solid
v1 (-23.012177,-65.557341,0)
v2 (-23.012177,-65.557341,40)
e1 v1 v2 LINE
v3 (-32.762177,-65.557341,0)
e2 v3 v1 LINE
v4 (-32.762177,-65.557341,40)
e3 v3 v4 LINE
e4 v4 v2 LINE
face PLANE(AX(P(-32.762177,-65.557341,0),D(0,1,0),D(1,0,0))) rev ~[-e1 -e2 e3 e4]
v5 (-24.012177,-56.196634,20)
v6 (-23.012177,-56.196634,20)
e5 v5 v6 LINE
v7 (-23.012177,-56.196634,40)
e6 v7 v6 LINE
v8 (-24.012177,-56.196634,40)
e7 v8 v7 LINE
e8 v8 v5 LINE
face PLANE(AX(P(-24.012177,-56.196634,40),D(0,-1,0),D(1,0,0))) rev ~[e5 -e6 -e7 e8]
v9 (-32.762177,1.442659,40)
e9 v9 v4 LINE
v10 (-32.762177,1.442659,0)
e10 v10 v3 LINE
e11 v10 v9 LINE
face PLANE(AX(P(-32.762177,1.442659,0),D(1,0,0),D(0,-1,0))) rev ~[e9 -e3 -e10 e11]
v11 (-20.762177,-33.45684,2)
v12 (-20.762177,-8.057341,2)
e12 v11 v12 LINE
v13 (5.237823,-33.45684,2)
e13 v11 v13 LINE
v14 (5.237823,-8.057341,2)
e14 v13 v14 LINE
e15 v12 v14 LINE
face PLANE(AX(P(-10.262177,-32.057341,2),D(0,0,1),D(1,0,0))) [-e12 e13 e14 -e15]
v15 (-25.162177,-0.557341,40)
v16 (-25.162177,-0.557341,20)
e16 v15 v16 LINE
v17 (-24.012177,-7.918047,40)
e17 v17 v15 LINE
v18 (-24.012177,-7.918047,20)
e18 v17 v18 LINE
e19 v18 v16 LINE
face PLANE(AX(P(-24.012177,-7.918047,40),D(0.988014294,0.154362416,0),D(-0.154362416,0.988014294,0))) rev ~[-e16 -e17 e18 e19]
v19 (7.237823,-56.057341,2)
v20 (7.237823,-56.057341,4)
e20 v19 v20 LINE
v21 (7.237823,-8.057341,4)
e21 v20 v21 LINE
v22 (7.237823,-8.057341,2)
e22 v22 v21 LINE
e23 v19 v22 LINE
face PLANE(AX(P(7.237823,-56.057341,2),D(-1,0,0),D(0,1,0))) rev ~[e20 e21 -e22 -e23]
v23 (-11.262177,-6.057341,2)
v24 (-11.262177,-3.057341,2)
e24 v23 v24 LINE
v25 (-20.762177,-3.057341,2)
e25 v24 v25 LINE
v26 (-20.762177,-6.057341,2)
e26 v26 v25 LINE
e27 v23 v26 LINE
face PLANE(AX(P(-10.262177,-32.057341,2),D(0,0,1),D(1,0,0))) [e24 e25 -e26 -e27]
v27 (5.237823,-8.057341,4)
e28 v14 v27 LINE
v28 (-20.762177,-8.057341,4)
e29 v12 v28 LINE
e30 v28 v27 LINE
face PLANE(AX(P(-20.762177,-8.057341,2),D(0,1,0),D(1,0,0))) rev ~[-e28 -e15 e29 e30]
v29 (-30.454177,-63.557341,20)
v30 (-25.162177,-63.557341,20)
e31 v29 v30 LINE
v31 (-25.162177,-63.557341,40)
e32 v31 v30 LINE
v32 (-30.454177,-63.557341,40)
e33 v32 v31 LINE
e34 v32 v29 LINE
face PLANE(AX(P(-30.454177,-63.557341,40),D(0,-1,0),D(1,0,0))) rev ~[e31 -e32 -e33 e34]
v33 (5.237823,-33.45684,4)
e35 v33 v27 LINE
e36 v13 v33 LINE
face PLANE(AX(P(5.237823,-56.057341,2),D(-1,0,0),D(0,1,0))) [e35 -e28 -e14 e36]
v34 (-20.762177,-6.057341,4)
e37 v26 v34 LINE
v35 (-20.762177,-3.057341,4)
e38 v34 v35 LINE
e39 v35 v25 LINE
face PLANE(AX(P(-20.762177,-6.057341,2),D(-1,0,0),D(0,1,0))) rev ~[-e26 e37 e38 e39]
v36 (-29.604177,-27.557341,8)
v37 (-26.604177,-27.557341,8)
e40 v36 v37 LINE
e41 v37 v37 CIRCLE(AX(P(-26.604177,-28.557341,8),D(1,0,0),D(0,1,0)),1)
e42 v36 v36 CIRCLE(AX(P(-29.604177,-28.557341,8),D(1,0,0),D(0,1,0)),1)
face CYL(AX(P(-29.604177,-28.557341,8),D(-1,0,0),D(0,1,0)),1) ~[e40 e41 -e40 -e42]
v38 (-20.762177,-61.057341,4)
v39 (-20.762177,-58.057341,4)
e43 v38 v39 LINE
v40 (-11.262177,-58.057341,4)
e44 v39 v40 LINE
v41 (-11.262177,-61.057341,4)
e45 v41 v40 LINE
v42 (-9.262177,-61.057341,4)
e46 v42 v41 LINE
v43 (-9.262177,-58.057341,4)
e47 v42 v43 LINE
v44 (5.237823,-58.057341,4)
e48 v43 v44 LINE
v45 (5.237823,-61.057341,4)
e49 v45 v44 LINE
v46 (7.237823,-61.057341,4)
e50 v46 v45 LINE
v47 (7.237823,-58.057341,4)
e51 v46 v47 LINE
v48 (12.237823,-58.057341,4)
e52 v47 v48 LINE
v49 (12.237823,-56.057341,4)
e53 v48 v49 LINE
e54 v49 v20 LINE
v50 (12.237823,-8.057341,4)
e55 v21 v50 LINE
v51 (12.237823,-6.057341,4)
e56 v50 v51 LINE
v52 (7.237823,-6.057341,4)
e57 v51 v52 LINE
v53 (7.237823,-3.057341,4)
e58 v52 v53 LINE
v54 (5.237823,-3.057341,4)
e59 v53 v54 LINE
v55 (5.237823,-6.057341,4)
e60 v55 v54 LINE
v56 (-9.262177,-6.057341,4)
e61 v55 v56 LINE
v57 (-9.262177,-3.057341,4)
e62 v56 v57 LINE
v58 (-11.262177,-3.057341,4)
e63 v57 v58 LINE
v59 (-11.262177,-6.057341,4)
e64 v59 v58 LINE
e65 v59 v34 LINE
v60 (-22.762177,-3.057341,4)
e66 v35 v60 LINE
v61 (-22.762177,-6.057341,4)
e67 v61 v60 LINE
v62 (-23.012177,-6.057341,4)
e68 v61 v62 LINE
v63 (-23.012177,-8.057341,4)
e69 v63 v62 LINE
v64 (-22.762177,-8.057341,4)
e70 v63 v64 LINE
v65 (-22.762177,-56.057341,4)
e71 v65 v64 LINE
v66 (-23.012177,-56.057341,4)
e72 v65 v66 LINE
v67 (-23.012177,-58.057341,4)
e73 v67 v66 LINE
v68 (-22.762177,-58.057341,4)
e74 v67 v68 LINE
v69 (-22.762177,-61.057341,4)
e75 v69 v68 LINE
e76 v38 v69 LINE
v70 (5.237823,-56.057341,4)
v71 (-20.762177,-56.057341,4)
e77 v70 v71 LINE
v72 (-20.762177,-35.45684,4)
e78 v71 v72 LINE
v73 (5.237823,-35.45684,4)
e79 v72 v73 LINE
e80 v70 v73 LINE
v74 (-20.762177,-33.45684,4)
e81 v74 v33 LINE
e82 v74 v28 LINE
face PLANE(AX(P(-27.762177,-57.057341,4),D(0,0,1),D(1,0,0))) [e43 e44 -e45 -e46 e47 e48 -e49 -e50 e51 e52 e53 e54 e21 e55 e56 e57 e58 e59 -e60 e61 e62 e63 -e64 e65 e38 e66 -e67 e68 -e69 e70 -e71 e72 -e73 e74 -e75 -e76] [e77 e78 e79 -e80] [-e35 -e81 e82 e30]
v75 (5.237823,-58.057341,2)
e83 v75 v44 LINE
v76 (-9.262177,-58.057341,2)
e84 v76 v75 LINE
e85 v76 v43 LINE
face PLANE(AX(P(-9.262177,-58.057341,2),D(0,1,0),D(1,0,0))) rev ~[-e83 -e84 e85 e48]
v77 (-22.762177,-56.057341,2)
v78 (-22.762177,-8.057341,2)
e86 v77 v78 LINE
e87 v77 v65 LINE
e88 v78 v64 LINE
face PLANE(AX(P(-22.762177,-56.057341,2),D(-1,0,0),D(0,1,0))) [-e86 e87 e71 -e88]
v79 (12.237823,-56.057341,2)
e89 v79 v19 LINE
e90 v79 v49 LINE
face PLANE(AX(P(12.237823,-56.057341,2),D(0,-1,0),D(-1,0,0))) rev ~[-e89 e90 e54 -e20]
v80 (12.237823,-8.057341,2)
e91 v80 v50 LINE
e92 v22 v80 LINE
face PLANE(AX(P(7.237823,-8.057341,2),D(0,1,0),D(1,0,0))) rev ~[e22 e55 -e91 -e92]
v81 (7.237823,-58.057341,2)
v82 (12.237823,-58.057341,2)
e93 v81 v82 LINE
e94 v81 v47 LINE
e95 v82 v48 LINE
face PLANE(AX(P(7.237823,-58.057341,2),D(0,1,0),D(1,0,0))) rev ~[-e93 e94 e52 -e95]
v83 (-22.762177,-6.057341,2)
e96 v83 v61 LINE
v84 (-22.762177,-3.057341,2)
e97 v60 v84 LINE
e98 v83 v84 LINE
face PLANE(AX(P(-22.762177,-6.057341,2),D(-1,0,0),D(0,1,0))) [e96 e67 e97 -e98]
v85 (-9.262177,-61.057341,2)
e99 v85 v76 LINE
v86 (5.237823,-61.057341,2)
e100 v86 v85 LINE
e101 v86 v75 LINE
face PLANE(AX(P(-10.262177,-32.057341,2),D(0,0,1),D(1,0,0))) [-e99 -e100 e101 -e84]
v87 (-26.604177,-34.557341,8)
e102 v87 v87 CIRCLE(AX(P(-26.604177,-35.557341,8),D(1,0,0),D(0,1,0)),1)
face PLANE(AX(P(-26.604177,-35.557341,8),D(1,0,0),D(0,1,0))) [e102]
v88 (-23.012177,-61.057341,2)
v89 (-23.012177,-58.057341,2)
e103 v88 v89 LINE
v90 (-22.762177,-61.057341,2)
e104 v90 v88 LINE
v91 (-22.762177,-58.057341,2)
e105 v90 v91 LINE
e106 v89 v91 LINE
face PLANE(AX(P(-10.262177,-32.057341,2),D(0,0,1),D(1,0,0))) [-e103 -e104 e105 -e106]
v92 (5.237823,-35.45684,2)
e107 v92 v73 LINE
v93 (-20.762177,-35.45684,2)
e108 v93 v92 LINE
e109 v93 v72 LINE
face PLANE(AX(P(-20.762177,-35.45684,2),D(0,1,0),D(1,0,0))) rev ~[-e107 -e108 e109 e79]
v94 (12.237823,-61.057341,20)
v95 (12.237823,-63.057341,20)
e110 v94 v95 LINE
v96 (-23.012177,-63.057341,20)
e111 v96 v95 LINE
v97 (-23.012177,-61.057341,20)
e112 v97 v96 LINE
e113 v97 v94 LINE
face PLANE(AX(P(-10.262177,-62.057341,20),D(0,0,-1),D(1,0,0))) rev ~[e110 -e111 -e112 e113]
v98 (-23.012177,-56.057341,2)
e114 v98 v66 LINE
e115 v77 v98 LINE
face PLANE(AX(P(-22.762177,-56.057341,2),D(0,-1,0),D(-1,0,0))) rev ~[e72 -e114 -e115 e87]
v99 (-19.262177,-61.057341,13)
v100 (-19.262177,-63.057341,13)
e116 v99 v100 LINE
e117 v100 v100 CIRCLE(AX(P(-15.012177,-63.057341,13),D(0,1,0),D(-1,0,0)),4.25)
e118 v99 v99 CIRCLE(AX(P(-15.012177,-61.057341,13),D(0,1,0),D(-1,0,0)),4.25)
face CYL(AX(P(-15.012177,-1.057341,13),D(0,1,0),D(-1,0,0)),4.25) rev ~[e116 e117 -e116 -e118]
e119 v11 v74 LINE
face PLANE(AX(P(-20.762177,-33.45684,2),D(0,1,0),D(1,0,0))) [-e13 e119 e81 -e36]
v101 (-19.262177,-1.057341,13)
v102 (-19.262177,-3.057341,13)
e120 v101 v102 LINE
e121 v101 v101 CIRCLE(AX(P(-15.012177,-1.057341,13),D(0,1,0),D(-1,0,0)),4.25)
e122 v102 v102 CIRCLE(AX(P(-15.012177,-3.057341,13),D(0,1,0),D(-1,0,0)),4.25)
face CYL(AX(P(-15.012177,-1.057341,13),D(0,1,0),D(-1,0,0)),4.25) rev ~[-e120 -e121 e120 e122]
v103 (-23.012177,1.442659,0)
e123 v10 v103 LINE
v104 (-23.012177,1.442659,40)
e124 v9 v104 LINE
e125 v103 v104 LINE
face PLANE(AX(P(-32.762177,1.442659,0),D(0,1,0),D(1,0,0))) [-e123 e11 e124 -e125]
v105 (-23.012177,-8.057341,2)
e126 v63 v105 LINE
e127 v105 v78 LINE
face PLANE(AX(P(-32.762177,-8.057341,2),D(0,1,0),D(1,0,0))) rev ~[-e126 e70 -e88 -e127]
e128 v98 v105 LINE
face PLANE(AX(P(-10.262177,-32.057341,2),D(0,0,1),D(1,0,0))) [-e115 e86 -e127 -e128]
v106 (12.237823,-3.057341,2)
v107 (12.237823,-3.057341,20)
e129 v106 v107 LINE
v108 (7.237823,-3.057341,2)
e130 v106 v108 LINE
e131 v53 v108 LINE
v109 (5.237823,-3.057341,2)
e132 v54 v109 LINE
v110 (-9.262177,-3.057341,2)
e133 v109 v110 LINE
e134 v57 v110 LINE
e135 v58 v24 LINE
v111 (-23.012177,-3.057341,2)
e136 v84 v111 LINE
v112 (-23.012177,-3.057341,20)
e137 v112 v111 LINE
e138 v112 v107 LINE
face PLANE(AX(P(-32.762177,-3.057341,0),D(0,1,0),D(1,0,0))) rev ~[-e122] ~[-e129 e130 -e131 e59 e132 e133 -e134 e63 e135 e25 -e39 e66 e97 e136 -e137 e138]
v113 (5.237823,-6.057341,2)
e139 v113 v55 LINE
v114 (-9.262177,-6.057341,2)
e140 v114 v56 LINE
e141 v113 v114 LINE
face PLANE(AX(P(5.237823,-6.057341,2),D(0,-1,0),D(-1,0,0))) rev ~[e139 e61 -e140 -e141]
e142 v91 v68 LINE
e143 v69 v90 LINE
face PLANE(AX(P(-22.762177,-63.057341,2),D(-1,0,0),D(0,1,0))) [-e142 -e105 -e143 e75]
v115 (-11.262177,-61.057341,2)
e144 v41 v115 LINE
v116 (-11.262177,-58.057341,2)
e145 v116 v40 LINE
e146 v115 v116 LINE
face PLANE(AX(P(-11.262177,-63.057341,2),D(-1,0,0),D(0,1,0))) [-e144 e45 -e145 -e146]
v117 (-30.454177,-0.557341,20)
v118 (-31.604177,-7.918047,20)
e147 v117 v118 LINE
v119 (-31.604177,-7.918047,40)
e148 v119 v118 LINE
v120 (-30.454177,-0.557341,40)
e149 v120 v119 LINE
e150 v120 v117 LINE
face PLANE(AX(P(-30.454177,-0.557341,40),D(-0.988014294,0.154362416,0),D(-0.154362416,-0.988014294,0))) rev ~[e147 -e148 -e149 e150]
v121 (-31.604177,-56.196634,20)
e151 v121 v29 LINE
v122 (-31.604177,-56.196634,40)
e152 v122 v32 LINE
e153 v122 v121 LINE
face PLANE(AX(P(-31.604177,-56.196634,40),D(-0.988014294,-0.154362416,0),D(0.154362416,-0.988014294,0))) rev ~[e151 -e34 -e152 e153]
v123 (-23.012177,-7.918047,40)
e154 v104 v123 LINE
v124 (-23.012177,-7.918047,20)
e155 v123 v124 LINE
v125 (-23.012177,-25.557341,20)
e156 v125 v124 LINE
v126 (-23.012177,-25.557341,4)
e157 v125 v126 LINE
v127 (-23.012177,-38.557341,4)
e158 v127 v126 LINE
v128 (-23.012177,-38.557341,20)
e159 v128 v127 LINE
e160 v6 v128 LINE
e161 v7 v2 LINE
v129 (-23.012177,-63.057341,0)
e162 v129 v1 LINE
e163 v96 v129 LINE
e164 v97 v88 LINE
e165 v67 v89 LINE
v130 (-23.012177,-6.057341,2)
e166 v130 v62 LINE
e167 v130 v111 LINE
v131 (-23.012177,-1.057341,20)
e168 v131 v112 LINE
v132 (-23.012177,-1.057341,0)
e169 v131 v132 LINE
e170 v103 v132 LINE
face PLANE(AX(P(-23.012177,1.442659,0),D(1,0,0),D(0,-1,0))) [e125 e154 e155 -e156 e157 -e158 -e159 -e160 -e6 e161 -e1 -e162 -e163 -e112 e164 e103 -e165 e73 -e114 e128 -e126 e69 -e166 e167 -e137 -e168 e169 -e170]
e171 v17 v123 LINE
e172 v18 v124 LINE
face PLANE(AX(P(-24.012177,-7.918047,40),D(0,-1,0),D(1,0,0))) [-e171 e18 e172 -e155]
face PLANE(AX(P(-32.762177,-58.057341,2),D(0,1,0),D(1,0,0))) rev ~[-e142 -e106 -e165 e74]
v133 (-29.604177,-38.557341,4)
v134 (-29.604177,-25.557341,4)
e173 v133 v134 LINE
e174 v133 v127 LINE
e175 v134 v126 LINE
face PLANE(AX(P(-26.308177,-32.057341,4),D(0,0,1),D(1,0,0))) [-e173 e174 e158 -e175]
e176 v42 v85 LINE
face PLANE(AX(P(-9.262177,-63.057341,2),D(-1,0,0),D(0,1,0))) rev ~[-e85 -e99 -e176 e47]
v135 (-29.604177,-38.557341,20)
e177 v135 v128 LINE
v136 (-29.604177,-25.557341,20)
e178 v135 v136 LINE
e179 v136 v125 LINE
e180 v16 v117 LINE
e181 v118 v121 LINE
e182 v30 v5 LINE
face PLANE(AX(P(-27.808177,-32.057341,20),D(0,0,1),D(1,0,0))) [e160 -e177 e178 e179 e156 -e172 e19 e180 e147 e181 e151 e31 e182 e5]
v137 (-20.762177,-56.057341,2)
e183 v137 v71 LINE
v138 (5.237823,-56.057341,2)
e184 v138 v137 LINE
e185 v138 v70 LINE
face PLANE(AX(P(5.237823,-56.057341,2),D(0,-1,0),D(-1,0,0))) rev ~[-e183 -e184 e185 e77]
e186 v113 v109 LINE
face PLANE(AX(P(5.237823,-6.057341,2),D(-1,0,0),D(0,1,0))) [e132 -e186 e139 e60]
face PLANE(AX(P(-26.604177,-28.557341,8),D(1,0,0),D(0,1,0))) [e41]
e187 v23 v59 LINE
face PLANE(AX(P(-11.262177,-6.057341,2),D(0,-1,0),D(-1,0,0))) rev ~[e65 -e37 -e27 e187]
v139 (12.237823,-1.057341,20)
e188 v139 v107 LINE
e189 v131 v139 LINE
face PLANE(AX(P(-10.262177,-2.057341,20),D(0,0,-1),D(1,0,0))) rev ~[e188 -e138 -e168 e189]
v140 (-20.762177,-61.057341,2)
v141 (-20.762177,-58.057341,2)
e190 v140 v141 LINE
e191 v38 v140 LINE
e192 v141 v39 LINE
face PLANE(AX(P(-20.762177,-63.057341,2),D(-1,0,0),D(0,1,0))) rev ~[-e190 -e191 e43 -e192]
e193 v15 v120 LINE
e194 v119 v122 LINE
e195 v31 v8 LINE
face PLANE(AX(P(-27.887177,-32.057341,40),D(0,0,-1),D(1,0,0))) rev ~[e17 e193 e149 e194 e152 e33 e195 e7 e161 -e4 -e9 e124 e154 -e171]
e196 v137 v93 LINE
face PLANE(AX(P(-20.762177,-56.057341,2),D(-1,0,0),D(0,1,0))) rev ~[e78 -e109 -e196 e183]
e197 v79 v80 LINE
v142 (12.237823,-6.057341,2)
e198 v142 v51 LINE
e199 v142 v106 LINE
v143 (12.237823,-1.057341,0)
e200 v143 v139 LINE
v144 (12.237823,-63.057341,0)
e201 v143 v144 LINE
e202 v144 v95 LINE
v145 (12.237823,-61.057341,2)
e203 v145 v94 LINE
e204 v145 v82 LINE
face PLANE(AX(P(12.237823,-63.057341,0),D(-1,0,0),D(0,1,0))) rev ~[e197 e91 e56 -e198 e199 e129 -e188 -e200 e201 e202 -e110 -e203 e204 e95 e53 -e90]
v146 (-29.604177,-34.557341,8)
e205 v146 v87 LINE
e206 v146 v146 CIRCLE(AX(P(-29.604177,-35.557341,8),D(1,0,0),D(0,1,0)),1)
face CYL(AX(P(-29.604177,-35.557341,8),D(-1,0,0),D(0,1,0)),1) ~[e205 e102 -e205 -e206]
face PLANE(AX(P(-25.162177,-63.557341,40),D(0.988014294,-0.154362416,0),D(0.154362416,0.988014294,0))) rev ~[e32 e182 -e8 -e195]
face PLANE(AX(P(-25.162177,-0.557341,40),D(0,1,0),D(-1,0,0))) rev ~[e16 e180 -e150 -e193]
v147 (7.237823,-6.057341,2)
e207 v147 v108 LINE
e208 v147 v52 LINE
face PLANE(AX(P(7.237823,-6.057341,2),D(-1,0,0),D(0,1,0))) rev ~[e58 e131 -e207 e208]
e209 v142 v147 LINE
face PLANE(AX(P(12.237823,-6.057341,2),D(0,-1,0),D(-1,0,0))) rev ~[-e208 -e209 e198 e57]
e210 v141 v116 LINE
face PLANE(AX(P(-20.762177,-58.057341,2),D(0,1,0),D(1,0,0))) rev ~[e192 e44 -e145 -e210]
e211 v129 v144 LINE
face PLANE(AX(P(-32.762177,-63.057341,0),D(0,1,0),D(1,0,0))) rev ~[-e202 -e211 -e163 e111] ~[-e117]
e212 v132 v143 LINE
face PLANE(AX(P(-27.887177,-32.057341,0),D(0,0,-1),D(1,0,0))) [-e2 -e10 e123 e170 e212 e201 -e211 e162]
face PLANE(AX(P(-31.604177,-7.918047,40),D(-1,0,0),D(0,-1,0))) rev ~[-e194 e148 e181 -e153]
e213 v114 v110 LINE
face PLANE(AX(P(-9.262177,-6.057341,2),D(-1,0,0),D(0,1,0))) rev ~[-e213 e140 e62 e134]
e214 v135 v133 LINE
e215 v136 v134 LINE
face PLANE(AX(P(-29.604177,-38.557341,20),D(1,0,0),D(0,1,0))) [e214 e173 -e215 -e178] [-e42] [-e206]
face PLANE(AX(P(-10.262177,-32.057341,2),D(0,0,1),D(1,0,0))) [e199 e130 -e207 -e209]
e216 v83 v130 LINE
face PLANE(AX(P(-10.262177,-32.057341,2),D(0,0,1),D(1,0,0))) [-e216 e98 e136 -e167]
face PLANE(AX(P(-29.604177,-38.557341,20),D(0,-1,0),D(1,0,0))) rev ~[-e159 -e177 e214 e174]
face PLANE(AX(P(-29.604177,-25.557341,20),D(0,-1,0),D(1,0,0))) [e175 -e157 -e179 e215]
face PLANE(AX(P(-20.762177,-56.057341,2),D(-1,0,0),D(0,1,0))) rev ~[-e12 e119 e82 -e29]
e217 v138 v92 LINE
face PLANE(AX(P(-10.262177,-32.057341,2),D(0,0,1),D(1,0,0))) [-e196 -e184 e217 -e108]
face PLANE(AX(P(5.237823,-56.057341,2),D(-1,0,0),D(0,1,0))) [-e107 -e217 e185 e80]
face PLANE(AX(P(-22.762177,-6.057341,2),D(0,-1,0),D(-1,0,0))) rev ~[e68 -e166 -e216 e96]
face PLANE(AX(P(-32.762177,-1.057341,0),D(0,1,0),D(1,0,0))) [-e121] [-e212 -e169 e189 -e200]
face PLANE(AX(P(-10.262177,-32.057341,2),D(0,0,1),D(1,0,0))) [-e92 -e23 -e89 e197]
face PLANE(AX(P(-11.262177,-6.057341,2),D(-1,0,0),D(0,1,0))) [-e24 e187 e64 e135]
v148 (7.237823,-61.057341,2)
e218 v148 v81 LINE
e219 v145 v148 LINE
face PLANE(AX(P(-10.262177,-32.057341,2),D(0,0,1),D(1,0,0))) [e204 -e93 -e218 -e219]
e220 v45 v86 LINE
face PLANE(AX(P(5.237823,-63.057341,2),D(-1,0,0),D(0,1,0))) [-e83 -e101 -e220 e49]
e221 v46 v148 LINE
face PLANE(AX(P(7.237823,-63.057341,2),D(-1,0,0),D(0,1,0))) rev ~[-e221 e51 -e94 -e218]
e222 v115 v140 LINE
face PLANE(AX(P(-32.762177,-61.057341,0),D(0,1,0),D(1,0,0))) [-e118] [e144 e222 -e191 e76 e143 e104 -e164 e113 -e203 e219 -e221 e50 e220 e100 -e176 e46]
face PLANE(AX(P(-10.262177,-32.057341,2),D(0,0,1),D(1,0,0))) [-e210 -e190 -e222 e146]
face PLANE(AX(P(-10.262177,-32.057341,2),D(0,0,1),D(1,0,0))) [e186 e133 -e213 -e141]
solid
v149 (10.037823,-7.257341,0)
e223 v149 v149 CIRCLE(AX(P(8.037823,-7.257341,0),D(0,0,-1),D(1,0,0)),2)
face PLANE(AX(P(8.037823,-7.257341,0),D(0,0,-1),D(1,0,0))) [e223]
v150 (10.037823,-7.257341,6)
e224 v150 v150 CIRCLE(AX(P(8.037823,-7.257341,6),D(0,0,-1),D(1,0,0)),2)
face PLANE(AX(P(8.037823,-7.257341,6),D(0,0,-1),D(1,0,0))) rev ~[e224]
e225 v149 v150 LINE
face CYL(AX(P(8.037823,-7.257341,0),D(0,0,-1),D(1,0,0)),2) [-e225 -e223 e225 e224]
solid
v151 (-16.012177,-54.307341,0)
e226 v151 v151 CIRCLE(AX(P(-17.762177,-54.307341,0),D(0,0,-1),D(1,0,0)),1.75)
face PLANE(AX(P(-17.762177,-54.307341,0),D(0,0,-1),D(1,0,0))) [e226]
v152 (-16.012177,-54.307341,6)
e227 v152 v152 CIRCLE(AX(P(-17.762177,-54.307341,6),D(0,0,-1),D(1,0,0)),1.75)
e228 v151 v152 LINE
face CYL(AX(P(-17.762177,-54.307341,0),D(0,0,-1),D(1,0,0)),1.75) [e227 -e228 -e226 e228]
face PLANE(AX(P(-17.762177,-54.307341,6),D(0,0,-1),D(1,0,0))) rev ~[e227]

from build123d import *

# Parameters (mm, degrees)
F0_W      = 45
F0_H      = 62
F1_DEPTH  = 2
F2_W      = 10
F2_H      = 2
F2_W_2    = 2
F2_H_2    = 5
F2_W_3    = 9.5
F2_H_3    = 48
F2_W_4    = 14.5
F2_W_5    = 5
F3_DEPTH  = 2
F4_R      = 1.75
F5_DEPTH  = 6
F4_R_2    = 2
F6_W      = 26
F6_H      = 2
F7_DEPTH  = 2
F8_W      = 45
F8_H      = 2
F9_DEPTH  = 20
F10_W     = 9.75
F10_H     = 67
F11_DEPTH = 40
F12_W     = 1
F12_H     = 48.2785870243
F13_DEPTH = 20
F14_W     = 6.592
F14_H     = 13
F15_DEPTH = 16
F16_R     = 4.25
F17_DEPTH = 70
F18_R     = 1
F19_DEPTH = 3


with BuildPart() as f1:
    # F0 (on Top) → F1 (new body)
    with BuildSketch(Plane.XY):
        with Locations((-10.2621772885, -32.0573406816)):
            Rectangle(F0_W, F0_H)
    extrude(amount=F1_DEPTH)

    # F2 (on face) → F3 (join)
    with BuildSketch(Plane.XY.offset(2)):
        with Locations((-27.7621772885, -57.0573406816)):
            Rectangle(F2_W, F2_H)
        with Locations((-21.7621772885, -57.0573406816)):
            Rectangle(F2_W_2, F2_H)
        with Locations((-21.7621772885, -60.5573406816)):
            Rectangle(F2_W_2, F2_H_2)
        with Locations((-16.0121772885, -57.0573406816)):
            Rectangle(F2_W_3, F2_H)
        with Locations((-21.7621772885, -32.0573406816)):
            Rectangle(F2_W_2, F2_H_3)
        with Locations((-10.2621772885, -57.0573406816)):
            Rectangle(F2_W_2, F2_H)
        with Locations((-10.2621772885, -60.5573406816)):
            Rectangle(F2_W_2, F2_H_2)
        with Locations((-27.7621772885, -7.0573406816)):
            Rectangle(F2_W, F2_H)
        with Locations((-21.7621772885, -7.0573406816)):
            Rectangle(F2_W_2, F2_H)
        with Locations((-2.0121772885, -57.0573406816)):
            Rectangle(F2_W_4, F2_H)
        with Locations((-16.0121772885, -7.0573406816)):
            Rectangle(F2_W_3, F2_H)
        with Locations((-21.7621772885, -3.5573406816)):
            Rectangle(F2_W_2, F2_H_2)
        with Locations((6.2378227115, -57.0573406816)):
            Rectangle(F2_W_2, F2_H)
        with Locations((6.2378227115, -60.5573406816)):
            Rectangle(F2_W_2, F2_H_2)
        with Locations((-10.2621772885, -7.0573406816)):
            Rectangle(F2_W_2, F2_H)
        with Locations((9.7378227115, -57.0573406816)):
            Rectangle(F2_W_5, F2_H)
        with Locations((6.2378227115, -32.0573406816)):
            Rectangle(F2_W_2, F2_H_3)
        with Locations((-2.0121772885, -7.0573406816)):
            Rectangle(F2_W_4, F2_H)
        with Locations((-10.2621772885, -3.5573406816)):
            Rectangle(F2_W_2, F2_H_2)
        with Locations((6.2378227115, -7.0573406816)):
            Rectangle(F2_W_2, F2_H)
        with Locations((9.7378227115, -7.0573406816)):
            Rectangle(F2_W_5, F2_H)
        with Locations((6.2378227115, -3.5573406816)):
            Rectangle(F2_W_2, F2_H_2)
    extrude(amount=F3_DEPTH)

    # F6 (on face) → F7 (join)
    with BuildSketch(Plane.XY.offset(2)):
        with Locations((-7.7621772885, -34.4568399489)):
            Rectangle(F6_W, F6_H)
    extrude(amount=F7_DEPTH)

    # F8 (on face) → F9 (join)
    with BuildSketch(Plane(origin=(0, 0, 0), x_dir=(1, 0, 0), z_dir=(0, 0, -1))):
        with Locations((-10.2621772885, 62.0573406816)):
            Rectangle(F8_W, F8_H)
        with Locations((-10.2621772885, 2.0573406816)):
            Rectangle(F8_W, F8_H)
    extrude(amount=-F9_DEPTH)

    # F10 (on face) → F11 (join)
    with BuildSketch(Plane(origin=(0, 0, 0), x_dir=(1, 0, 0), z_dir=(0, 0, -1))):
        with Locations((-27.8871772885, 32.0573406816)):
            Rectangle(F10_W, F10_H)
    extrude(amount=-F11_DEPTH)

    # F12 (on face) → F13 (cut)
    with BuildSketch(Plane.XY.offset(40)):
        Polygon((-31.6041772885, -7.9180471694), (-31.6041772885, -56.1966341937), (-30.4541772885, -63.5573406816), (-25.1621772885, -63.5573406816), (-24.0121772885, -56.1966341937), (-24.0121772885, -7.9180471694), (-25.1621772885, -0.5573406816), (-30.4541772885, -0.5573406816), align=None)
        with Locations((-23.5121772885, -32.0573406816)):
            Rectangle(F12_W, F12_H)
    extrude(amount=-F13_DEPTH, mode=Mode.SUBTRACT)

    # F14 (on face) → F15 (cut)
    with BuildSketch(Plane.XY.offset(20)):
        with Locations((-26.3081772885, -32.0573406816)):
            Rectangle(F14_W, F14_H)
    extrude(amount=-F15_DEPTH, mode=Mode.SUBTRACT)

    # F16 (on face) → F17 (cut)
    with BuildSketch(Plane(origin=(0, -1.0573406816, 0), x_dir=(-1, 0, 0), z_dir=(0, 1, 0))):
        with Locations((15.0121772885, 13)):
            Circle(F16_R)
    extrude(amount=-F17_DEPTH, mode=Mode.SUBTRACT)

    # F18 (on face) → F19 (join)
    with BuildSketch(Plane.YZ.offset(-29.6041772885)):
        with Locations((-35.5573406816, 8)):
            Circle(F18_R)
        with Locations((-28.5573406816, 8)):
            Circle(F18_R)
    extrude(amount=F19_DEPTH)


with BuildPart() as f5:
    # F4 (on face) → F5 (new body)
    with BuildSketch(Plane(origin=(0, 0, 0), x_dir=(1, 0, 0), z_dir=(0, 0, -1))):
        with Locations((-17.7621772885, 54.3073406816)):
            Circle(F4_R)
    extrude(amount=-F5_DEPTH)


with BuildPart() as f5b:
    # F4 (on face) → F5, piece 2 (new body)
    with BuildSketch(Plane(origin=(0, 0, 0), x_dir=(1, 0, 0), z_dir=(0, 0, -1))):
        with Locations((8.0378227115, 7.2573406816)):
            Circle(F4_R_2)
    extrude(amount=-F5_DEPTH)


solid = Compound([f1.part, f5.part, f5b.part])
